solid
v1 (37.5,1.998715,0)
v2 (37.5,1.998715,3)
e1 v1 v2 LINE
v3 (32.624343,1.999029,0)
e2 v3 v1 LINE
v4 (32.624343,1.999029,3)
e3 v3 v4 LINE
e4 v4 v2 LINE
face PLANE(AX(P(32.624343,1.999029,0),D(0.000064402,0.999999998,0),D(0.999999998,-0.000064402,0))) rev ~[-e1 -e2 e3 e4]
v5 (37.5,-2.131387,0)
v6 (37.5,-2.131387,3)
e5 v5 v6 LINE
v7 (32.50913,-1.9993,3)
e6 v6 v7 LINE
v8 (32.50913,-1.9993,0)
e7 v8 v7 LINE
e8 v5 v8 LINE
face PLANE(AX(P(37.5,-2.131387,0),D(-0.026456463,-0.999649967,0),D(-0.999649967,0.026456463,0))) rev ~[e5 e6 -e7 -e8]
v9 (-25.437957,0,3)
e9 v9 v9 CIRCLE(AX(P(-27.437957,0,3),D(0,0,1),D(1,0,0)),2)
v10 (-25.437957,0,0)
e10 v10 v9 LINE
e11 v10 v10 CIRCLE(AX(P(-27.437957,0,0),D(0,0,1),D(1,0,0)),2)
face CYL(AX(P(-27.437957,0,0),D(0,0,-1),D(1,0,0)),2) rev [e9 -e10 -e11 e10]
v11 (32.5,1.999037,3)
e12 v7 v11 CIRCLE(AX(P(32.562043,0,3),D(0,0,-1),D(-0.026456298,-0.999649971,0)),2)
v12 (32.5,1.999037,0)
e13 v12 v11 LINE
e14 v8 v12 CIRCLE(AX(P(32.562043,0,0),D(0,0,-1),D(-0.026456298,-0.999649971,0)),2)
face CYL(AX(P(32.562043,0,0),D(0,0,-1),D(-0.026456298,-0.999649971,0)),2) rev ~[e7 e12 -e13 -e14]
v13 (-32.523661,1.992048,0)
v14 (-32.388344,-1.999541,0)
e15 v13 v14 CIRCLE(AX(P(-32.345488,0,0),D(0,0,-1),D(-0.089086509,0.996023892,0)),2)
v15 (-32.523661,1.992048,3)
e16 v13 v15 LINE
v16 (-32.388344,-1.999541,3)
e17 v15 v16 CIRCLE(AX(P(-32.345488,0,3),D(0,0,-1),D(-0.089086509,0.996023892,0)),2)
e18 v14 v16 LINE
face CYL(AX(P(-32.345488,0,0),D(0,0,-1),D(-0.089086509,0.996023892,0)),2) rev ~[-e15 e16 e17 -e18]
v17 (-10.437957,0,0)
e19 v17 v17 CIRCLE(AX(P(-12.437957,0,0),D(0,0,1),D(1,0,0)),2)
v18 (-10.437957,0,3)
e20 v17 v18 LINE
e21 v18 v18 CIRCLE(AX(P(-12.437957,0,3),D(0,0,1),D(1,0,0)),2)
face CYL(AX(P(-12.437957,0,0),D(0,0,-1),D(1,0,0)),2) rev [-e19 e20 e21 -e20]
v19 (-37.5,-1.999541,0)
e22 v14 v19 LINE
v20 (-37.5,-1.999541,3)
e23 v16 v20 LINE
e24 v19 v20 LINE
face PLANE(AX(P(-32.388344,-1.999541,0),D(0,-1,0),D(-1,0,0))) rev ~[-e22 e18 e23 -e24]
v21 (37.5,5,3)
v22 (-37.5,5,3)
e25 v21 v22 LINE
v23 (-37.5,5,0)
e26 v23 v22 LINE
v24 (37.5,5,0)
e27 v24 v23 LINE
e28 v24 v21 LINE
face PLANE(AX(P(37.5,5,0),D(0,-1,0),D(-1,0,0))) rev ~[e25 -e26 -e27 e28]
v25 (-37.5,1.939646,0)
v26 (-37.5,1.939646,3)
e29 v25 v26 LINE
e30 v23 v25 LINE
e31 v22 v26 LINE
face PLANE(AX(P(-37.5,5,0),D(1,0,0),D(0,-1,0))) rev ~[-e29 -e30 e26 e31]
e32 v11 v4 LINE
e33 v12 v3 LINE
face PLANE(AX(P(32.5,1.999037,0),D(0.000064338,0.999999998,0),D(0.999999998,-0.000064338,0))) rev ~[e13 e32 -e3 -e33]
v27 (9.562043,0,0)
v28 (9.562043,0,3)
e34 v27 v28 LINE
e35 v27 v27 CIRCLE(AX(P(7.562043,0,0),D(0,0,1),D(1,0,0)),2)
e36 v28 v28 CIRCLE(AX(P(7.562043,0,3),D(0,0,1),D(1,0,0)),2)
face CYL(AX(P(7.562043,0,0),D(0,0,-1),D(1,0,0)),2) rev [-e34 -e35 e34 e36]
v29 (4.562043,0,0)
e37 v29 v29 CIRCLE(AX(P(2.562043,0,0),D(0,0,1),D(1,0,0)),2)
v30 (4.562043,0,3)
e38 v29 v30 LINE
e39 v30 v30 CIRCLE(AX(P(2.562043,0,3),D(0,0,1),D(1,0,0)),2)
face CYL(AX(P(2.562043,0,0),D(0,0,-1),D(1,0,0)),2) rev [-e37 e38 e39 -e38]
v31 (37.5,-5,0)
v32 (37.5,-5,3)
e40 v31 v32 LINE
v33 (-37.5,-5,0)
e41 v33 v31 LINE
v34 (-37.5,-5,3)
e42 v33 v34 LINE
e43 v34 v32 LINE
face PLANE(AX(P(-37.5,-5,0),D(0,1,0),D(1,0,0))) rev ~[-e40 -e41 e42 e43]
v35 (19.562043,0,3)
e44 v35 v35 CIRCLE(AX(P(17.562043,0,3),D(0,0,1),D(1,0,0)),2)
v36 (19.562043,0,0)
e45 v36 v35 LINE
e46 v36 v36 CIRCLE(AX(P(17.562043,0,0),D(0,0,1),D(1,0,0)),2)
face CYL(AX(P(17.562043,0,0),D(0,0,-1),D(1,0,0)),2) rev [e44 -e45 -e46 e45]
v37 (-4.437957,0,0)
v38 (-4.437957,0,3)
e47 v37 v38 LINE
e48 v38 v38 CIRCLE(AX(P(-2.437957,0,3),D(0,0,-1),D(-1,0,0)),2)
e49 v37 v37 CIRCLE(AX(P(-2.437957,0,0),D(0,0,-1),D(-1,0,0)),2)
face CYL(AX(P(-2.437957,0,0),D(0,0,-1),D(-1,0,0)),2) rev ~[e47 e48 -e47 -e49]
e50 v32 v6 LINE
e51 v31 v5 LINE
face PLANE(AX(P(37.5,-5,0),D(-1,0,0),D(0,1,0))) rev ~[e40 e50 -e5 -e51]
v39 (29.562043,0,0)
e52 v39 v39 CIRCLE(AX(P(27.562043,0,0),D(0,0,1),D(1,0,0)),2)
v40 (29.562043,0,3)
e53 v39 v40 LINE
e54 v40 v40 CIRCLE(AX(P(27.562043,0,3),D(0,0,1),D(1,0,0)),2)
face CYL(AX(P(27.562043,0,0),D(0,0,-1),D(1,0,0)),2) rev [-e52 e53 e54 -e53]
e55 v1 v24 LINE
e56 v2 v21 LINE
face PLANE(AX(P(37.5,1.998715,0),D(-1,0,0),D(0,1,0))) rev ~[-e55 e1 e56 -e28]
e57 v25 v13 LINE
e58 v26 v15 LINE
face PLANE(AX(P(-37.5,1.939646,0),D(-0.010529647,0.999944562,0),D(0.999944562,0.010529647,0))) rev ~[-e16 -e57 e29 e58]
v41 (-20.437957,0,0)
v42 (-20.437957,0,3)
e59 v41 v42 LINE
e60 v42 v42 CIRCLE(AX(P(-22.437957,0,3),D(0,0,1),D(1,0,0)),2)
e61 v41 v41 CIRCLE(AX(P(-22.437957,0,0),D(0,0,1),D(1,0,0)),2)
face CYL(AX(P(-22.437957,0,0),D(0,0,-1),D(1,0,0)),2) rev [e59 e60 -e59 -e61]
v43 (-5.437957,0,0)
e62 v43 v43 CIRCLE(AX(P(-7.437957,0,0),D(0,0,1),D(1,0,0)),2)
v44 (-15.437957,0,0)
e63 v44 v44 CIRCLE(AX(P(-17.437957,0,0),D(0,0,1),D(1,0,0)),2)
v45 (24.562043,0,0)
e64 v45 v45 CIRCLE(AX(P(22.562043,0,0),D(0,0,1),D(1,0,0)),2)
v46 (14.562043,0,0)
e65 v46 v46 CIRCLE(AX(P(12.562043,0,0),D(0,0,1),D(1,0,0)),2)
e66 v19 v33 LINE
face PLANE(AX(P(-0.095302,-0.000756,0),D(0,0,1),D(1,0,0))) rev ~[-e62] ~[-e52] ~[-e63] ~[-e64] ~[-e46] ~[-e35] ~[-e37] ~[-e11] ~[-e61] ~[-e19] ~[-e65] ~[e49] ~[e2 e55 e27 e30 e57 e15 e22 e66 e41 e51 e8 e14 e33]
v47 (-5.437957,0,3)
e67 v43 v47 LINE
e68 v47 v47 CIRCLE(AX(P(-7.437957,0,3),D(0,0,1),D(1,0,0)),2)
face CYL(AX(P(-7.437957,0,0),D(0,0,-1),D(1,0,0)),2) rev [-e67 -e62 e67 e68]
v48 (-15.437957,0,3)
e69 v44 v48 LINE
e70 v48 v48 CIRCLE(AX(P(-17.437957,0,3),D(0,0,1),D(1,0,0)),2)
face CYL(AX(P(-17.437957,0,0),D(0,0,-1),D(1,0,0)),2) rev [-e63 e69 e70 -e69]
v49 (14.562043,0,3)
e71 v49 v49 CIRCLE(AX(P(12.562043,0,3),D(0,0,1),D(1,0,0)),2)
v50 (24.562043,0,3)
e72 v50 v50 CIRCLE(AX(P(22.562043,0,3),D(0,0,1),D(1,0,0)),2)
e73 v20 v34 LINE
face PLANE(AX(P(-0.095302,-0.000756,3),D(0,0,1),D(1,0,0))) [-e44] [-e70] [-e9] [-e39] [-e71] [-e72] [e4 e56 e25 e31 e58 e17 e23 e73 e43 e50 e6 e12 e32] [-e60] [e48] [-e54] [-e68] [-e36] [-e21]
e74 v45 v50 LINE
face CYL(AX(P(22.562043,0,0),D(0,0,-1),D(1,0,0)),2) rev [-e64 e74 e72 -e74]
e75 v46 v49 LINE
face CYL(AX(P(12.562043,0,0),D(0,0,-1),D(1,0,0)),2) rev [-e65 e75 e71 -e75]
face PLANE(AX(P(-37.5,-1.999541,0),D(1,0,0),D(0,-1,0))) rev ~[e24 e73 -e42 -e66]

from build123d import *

# Parameters (mm, degrees)
F0_R     = 2
F1_DEPTH = 3


with BuildPart() as f1:
    # F0 (on Top) → F1 (new body)
    with BuildSketch(Plane.XY):
        with BuildLine():
            Line((-37.5, -5), (37.5, -5))
            Line((37.5, -5), (37.5, -2.131387))
            Line((37.5, -2.131387), (32.50913, -1.9993))
            ThreePointArc((32.50913, -1.9993), (30.562048, -0.004567), (32.5, 1.999037))
            ThreePointArc((32.5, 1.999037), (32.562172, 2), (32.624343, 1.999029))
            Line((32.624343, 1.999029), (37.5, 1.998715))
            Line((37.5, 1.998715), (37.5, 5))
            Line((37.5, 5), (-37.5, 5))
            Line((-37.5, 5), (-37.5, 1.939646))
            Line((-37.5, 1.939646), (-32.523661, 1.992048))
            ThreePointArc((-32.523661, 1.992048), (-30.346636, 0.067762), (-32.388344, -1.999541))
            Line((-32.388344, -1.999541), (-37.5, -1.999541))
            Line((-37.5, -1.999541), (-37.5, -5))
        make_face()
        with Locations((-27.437957, 0)):
            Circle(F0_R, mode=Mode.SUBTRACT)
        with Locations((-22.437957, 0)):
            Circle(F0_R, mode=Mode.SUBTRACT)
        with Locations((-17.437957, 0)):
            Circle(F0_R, mode=Mode.SUBTRACT)
        with Locations((-12.437957, 0)):
            Circle(F0_R, mode=Mode.SUBTRACT)
        with Locations((-7.437957, 0)):
            Circle(F0_R, mode=Mode.SUBTRACT)
        with BuildLine():
            ThreePointArc((-0.437957, 0), (-2.437957, -2), (-4.437957, 0))
            ThreePointArc((-4.437957, 0), (-2.437957, 2), (-0.437957, 0))
        make_face(mode=Mode.SUBTRACT)
        with Locations((2.562043, 0)):
            Circle(F0_R, mode=Mode.SUBTRACT)
        with Locations((7.562043, 0)):
            Circle(F0_R, mode=Mode.SUBTRACT)
        with Locations((12.562043, 0)):
            Circle(F0_R, mode=Mode.SUBTRACT)
        with Locations((17.562043, 0)):
            Circle(F0_R, mode=Mode.SUBTRACT)
        with Locations((22.562043, 0)):
            Circle(F0_R, mode=Mode.SUBTRACT)
        with Locations((27.562043, 0)):
            Circle(F0_R, mode=Mode.SUBTRACT)
        with BuildLine():
            ThreePointArc((32.624343, 1.999029), (32.562172, 2), (32.5, 1.999037))
            Line((32.5, 1.999037), (32.624343, 1.999029))
        make_face()
    extrude(amount=F1_DEPTH)


solid = f1.part
